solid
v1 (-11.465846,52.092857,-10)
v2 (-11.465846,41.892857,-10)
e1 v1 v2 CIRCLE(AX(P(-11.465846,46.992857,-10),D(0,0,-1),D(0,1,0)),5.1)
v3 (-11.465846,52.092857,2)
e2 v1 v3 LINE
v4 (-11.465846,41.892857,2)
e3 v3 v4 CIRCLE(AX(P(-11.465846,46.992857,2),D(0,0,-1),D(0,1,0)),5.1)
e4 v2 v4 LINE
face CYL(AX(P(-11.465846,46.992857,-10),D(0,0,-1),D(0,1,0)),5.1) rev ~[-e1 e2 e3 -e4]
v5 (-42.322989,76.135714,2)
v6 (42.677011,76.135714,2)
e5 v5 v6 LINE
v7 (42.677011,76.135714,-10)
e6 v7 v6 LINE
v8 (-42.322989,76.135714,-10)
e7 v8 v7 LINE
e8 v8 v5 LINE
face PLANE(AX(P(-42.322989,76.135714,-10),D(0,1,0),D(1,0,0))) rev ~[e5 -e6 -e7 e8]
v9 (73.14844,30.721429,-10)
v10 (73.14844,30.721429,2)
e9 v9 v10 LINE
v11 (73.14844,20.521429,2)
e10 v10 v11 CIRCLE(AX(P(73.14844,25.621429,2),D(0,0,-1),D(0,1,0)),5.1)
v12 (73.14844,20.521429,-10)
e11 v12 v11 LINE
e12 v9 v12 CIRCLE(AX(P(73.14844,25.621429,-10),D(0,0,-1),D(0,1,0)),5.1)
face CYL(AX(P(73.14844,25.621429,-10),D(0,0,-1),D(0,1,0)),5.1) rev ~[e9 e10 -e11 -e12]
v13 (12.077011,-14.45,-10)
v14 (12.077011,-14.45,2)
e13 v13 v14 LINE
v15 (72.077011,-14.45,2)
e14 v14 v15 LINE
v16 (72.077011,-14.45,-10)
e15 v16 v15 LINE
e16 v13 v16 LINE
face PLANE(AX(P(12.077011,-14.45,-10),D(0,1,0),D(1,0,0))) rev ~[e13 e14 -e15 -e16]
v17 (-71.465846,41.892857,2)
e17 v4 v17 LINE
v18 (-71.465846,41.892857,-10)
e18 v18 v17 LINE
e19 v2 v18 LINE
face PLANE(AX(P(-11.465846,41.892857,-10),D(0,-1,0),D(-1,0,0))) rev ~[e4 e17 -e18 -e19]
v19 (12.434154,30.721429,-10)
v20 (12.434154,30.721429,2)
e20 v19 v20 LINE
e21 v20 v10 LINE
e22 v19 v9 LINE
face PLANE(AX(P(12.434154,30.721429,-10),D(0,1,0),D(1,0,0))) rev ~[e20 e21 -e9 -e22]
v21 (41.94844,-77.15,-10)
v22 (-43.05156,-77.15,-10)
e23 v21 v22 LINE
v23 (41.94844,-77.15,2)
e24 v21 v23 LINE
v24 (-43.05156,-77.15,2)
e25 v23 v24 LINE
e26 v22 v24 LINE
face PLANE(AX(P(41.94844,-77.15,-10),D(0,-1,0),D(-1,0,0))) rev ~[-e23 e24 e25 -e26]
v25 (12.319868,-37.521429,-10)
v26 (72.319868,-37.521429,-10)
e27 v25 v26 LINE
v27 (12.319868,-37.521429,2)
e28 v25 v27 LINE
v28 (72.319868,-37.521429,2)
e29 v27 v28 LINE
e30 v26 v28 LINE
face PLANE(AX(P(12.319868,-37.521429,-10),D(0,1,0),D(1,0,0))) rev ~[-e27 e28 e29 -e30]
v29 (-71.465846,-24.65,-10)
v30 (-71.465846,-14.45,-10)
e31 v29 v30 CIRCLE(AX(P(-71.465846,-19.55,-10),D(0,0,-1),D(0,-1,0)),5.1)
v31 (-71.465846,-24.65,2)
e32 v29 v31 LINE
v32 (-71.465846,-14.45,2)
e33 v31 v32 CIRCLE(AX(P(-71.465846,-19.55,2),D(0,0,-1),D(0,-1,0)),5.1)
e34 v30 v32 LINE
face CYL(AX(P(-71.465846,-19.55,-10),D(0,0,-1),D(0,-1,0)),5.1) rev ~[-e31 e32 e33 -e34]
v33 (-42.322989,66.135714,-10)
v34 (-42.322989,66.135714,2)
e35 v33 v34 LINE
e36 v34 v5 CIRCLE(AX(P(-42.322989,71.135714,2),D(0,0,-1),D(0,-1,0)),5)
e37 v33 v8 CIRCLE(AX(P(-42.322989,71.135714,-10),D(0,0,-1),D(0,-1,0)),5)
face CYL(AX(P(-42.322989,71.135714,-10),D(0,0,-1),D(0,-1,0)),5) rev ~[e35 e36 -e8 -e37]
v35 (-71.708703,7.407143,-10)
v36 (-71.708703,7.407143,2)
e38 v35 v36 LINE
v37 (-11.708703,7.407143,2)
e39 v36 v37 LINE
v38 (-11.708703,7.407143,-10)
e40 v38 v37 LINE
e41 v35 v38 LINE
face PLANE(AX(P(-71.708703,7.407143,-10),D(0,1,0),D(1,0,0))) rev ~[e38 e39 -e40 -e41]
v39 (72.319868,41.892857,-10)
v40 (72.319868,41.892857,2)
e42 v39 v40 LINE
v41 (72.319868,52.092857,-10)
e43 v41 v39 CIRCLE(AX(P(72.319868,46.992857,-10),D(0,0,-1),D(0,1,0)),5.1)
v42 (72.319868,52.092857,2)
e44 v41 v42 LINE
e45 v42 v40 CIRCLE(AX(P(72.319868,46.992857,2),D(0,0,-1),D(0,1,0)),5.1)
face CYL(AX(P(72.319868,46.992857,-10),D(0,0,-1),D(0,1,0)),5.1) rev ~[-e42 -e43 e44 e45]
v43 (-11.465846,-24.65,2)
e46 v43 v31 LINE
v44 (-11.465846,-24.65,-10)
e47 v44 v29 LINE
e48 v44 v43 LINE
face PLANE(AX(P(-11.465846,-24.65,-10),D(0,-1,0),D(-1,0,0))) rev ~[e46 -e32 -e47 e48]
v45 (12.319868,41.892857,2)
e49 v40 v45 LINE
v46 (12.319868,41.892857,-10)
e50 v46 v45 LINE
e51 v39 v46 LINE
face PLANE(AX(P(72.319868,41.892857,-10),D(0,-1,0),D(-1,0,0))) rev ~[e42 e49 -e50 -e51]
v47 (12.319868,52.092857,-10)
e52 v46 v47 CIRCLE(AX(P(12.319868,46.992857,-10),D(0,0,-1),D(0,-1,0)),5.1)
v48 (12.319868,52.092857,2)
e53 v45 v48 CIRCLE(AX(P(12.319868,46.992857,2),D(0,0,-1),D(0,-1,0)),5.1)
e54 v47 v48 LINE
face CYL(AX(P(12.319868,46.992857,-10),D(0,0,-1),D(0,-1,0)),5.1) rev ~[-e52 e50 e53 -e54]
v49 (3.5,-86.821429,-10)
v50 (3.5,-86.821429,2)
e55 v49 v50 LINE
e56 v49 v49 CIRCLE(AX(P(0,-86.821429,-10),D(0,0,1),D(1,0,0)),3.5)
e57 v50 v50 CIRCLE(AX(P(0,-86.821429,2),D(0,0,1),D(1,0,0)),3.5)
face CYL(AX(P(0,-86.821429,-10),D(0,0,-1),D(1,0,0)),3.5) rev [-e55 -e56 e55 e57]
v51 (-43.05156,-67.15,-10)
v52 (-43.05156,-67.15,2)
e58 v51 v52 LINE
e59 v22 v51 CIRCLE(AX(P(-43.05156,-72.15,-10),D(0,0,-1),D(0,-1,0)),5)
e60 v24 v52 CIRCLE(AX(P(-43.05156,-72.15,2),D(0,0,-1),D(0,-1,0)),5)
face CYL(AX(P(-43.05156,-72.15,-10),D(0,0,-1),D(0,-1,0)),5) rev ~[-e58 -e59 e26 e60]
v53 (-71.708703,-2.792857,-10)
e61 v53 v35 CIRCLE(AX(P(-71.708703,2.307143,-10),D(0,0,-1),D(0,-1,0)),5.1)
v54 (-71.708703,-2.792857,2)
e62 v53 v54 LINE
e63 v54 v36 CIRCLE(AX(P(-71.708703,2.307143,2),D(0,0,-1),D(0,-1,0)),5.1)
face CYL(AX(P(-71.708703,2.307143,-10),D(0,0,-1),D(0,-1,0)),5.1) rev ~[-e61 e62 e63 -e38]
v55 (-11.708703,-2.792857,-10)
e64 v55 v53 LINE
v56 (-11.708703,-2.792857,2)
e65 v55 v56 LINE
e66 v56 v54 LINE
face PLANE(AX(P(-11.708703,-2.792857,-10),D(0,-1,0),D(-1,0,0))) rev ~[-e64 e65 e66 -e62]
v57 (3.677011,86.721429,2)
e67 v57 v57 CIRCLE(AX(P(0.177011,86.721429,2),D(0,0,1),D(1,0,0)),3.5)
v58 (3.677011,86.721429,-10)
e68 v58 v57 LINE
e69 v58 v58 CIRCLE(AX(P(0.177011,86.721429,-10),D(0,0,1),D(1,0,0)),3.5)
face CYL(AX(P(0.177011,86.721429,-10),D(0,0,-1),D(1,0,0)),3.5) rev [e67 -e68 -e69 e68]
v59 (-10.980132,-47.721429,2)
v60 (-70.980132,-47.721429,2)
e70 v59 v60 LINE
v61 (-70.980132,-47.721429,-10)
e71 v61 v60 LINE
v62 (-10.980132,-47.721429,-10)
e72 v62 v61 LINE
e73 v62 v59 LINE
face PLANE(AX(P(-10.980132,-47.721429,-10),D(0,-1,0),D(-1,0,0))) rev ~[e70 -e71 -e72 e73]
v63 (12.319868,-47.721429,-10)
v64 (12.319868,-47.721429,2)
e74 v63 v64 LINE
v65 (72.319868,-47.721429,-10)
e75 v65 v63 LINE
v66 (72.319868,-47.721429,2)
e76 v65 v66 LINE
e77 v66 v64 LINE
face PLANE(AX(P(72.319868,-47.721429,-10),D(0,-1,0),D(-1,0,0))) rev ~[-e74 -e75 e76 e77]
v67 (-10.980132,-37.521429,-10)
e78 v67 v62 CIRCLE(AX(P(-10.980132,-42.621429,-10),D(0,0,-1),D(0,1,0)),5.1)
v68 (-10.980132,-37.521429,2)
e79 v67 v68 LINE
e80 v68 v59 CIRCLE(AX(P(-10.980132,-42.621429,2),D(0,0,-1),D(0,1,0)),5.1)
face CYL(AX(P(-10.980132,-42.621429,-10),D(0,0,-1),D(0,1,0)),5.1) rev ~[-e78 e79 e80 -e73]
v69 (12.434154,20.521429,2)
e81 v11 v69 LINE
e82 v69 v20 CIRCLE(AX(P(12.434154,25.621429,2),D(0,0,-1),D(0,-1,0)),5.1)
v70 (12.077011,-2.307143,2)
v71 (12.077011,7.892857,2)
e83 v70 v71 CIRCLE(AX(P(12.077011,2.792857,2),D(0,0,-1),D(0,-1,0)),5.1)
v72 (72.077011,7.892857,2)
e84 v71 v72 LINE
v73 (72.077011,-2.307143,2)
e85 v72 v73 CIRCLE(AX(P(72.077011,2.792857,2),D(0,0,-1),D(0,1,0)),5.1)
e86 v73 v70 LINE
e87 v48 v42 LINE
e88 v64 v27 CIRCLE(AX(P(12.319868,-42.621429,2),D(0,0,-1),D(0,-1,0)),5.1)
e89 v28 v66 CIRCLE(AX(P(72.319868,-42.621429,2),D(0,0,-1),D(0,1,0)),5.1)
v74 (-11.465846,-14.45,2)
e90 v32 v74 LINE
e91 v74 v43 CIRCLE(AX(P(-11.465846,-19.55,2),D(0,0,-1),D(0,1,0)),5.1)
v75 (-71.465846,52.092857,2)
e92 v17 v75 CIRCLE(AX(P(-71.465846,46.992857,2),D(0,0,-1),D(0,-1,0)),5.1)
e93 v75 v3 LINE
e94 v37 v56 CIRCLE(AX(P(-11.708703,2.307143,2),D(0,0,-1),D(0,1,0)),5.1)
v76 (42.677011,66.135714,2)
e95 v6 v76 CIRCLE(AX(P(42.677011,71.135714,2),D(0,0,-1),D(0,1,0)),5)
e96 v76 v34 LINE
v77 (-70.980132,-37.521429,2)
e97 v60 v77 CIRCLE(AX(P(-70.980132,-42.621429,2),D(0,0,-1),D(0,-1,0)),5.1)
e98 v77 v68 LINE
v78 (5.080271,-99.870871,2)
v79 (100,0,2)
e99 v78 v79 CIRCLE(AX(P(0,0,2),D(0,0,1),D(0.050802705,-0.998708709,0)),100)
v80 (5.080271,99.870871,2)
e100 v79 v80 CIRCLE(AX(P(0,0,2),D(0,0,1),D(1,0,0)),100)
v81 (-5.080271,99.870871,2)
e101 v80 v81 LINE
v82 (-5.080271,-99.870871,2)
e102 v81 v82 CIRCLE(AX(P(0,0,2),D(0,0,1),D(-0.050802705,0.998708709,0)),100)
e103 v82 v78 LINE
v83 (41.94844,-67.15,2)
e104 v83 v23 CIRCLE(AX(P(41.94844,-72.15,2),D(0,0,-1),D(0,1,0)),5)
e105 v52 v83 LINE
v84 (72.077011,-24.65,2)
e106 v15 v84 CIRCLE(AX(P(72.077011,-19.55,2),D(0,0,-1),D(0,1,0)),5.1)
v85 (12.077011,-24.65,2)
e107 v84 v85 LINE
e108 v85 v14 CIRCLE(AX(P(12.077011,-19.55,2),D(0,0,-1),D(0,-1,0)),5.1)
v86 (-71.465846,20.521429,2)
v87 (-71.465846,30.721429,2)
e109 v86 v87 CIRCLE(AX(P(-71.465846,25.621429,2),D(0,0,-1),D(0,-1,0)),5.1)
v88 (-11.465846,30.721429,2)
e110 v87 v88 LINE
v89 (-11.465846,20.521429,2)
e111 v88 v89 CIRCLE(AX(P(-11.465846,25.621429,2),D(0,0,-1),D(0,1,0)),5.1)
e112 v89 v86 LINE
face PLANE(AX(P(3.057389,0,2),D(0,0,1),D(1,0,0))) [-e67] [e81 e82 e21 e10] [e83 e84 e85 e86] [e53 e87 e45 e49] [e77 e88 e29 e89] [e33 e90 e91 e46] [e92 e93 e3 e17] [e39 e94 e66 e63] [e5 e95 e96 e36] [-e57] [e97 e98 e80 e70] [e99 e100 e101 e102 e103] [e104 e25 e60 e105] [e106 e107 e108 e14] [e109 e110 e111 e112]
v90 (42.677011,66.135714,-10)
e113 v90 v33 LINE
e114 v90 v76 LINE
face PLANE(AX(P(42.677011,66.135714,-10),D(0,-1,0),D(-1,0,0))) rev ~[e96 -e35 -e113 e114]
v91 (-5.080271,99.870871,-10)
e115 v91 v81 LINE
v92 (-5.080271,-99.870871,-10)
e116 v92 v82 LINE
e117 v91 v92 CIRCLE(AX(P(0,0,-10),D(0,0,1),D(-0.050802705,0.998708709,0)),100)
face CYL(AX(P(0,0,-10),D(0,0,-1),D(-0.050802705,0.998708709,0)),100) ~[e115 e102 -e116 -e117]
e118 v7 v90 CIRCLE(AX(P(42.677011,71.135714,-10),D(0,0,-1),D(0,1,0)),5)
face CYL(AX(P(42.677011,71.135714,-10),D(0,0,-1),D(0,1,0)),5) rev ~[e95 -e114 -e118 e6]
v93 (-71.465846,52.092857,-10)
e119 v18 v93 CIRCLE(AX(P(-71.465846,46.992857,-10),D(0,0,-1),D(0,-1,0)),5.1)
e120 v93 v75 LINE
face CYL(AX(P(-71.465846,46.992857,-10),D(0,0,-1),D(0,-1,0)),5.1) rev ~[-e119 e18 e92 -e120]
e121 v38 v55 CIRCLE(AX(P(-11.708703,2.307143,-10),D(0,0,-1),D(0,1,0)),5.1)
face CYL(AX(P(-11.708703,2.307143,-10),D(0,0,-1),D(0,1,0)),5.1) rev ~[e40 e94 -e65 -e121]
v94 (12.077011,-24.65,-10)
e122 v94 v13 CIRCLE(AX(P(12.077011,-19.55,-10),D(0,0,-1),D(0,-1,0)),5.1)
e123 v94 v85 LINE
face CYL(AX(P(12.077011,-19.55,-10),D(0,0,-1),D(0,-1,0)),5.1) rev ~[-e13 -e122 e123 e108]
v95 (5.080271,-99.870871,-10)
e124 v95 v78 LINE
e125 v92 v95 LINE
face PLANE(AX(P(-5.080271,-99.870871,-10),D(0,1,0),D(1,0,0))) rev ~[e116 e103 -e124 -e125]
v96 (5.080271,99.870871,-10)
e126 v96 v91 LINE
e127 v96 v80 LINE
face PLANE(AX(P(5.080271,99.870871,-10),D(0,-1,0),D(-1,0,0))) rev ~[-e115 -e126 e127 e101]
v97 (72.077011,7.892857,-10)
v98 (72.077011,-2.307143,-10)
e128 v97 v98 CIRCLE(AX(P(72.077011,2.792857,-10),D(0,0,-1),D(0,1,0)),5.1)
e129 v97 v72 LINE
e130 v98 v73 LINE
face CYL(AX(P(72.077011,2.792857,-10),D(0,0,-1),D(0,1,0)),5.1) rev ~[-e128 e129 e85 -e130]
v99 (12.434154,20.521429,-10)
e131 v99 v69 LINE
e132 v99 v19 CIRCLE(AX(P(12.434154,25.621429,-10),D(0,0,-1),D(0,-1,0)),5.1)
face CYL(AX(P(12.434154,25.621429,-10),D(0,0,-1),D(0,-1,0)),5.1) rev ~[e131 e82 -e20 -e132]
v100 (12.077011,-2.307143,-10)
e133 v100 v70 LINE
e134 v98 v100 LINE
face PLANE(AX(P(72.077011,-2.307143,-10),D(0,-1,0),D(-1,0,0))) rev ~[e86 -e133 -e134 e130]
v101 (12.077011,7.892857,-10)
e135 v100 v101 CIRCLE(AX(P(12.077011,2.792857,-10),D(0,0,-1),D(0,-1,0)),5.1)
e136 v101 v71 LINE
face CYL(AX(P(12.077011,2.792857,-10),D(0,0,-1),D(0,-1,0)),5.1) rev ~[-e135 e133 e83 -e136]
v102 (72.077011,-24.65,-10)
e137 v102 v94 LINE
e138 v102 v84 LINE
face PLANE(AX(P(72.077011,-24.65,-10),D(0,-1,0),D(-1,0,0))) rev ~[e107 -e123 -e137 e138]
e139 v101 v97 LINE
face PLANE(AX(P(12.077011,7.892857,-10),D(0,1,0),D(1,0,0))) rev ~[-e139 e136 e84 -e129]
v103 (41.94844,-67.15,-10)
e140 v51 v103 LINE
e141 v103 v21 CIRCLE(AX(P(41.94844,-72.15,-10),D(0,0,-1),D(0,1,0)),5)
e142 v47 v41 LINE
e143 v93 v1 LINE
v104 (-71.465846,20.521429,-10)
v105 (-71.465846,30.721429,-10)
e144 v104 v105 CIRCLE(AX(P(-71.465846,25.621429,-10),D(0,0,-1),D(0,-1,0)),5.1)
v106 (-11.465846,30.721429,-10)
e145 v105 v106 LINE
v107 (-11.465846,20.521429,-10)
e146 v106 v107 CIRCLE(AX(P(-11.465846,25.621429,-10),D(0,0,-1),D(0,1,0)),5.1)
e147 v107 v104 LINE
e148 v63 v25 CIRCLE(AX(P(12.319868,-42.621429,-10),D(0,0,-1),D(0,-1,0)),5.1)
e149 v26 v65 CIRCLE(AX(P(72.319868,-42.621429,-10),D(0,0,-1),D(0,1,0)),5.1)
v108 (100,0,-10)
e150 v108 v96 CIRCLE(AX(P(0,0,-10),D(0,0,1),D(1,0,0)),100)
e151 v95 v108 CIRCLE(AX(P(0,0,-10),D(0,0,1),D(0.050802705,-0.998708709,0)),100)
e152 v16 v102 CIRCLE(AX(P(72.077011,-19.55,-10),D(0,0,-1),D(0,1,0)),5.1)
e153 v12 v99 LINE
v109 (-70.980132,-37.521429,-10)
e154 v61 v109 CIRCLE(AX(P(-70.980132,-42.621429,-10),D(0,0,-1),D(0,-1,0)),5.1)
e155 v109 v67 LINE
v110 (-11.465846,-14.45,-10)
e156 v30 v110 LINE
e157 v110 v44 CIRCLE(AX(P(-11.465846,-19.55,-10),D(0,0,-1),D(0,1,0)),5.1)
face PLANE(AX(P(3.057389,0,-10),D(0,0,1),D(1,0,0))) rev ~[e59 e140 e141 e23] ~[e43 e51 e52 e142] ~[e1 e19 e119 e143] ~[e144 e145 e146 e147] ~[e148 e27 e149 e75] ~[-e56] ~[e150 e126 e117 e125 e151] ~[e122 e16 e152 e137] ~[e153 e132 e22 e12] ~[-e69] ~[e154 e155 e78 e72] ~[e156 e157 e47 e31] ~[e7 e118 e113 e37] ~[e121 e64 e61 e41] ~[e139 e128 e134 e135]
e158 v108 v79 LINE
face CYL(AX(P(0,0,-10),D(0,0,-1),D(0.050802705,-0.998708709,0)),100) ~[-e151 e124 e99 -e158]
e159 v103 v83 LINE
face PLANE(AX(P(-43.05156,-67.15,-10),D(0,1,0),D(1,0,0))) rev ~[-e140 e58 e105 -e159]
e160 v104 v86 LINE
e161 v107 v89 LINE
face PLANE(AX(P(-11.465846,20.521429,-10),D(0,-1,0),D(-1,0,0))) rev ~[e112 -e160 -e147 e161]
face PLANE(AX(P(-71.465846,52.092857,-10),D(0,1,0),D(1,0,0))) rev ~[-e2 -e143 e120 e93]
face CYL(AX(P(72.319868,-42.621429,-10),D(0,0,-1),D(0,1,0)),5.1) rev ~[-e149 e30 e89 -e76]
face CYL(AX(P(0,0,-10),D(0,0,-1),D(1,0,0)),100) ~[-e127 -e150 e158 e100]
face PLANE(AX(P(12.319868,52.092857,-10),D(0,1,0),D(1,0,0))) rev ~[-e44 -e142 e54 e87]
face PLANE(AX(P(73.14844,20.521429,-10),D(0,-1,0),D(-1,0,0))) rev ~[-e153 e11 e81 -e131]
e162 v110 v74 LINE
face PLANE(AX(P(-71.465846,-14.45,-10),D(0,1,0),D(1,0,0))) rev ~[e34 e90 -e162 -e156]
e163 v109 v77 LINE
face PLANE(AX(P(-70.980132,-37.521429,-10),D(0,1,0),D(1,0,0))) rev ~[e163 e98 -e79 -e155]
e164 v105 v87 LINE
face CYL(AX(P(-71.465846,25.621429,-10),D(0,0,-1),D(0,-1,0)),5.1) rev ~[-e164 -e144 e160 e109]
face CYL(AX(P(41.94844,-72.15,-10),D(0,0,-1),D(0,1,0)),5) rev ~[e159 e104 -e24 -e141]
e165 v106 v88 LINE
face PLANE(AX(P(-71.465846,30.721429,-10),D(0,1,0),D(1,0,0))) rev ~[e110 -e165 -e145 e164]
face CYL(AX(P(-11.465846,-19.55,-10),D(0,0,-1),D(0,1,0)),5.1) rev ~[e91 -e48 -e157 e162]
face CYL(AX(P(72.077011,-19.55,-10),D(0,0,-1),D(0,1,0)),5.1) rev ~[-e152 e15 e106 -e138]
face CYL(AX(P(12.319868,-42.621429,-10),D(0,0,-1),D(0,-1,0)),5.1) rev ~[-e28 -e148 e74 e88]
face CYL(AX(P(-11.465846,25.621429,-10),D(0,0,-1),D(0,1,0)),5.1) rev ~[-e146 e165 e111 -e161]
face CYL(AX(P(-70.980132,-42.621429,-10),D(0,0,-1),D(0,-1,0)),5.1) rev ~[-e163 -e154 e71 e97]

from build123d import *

# Parameters (mm, degrees)
SALIENTE_EXTRUIR1_DEPTH      = 2
SALIENTE_EXTRUIR1_DEPTH_BACK = 10
CROQUIS1_R                   = 3.5


with BuildPart() as part:
    # Croquis1 → Saliente-Extruir1 (new, two sides: drawn at the far end of the back side and taken through both)
    with BuildSketch(Plane.XY.offset(-SALIENTE_EXTRUIR1_DEPTH_BACK)):
        with BuildLine():
            ThreePointArc((-5.08027052, 99.870870886), (-100, 0), (-5.08027052, -99.870870886))
            Line((-5.08027052, -99.870870886), (5.08027052, -99.870870886))
            ThreePointArc((5.08027052, -99.870870886), (72.4845744, -68.891120429), (100, 0))
            ThreePointArc((100, 0), (72.4845744, 68.891120429), (5.08027052, 99.870870886))
            Line((5.08027052, 99.870870886), (-5.08027052, 99.870870886))
        make_face()
        with BuildLine():
            ThreePointArc((-43.051560295, -77.15), (-48.051560295, -72.15), (-43.051560295, -67.15))
            Line((-43.051560295, -67.15), (41.948439705, -67.15))
            ThreePointArc((41.948439705, -67.15), (46.948439705, -72.15), (41.948439705, -77.15))
            Line((41.948439705, -77.15), (-43.051560295, -77.15))
        make_face(mode=Mode.SUBTRACT)
        with BuildLine():
            ThreePointArc((-70.980131723, -47.721428571), (-76.080131723, -42.621428571), (-70.980131723, -37.521428571))
            Line((-70.980131723, -37.521428571), (-10.980131723, -37.521428571))
            ThreePointArc((-10.980131723, -37.521428571), (-5.880131723, -42.621428571), (-10.980131723, -47.721428571))
            Line((-10.980131723, -47.721428571), (-70.980131723, -47.721428571))
        make_face(mode=Mode.SUBTRACT)
        with BuildLine():
            ThreePointArc((-71.465846009, -24.65), (-76.565846009, -19.55), (-71.465846009, -14.45))
            Line((-71.465846009, -14.45), (-11.465846009, -14.45))
            ThreePointArc((-11.465846009, -14.45), (-6.365846009, -19.55), (-11.465846009, -24.65))
            Line((-11.465846009, -24.65), (-71.465846009, -24.65))
        make_face(mode=Mode.SUBTRACT)
        with Locations((0, -86.821428571)):
            Circle(CROQUIS1_R, mode=Mode.SUBTRACT)
        with BuildLine():
            ThreePointArc((12.319868277, -47.721428571), (7.219868277, -42.621428571), (12.319868277, -37.521428571))
            Line((12.319868277, -37.521428571), (72.319868277, -37.521428571))
            ThreePointArc((72.319868277, -37.521428571), (77.419868277, -42.621428571), (72.319868277, -47.721428571))
            Line((72.319868277, -47.721428571), (12.319868277, -47.721428571))
        make_face(mode=Mode.SUBTRACT)
        with BuildLine():
            ThreePointArc((12.077011134, -24.65), (6.977011134, -19.55), (12.077011134, -14.45))
            Line((12.077011134, -14.45), (72.077011134, -14.45))
            ThreePointArc((72.077011134, -14.45), (77.177011134, -19.55), (72.077011134, -24.65))
            Line((72.077011134, -24.65), (12.077011134, -24.65))
        make_face(mode=Mode.SUBTRACT)
        with BuildLine():
            ThreePointArc((-71.708703152, -2.792857143), (-76.808703152, 2.307142857), (-71.708703152, 7.407142857))
            Line((-71.708703152, 7.407142857), (-11.708703152, 7.407142857))
            ThreePointArc((-11.708703152, 7.407142857), (-6.608703152, 2.307142857), (-11.708703152, -2.792857143))
            Line((-11.708703152, -2.792857143), (-71.708703152, -2.792857143))
        make_face(mode=Mode.SUBTRACT)
        with BuildLine():
            ThreePointArc((-71.465846009, 20.521428571), (-76.565846009, 25.621428571), (-71.465846009, 30.721428571))
            Line((-71.465846009, 30.721428571), (-11.465846009, 30.721428571))
            ThreePointArc((-11.465846009, 30.721428571), (-6.365846009, 25.621428571), (-11.465846009, 20.521428571))
            Line((-11.465846009, 20.521428571), (-71.465846009, 20.521428571))
        make_face(mode=Mode.SUBTRACT)
        with BuildLine():
            ThreePointArc((-71.465846009, 41.892857143), (-76.565846009, 46.992857143), (-71.465846009, 52.092857143))
            Line((-71.465846009, 52.092857143), (-11.465846009, 52.092857143))
            ThreePointArc((-11.465846009, 52.092857143), (-6.365846009, 46.992857143), (-11.465846009, 41.892857143))
            Line((-11.465846009, 41.892857143), (-71.465846009, 41.892857143))
        make_face(mode=Mode.SUBTRACT)
        with BuildLine():
            ThreePointArc((12.077011134, -2.307142857), (6.977011134, 2.792857143), (12.077011134, 7.892857143))
            Line((12.077011134, 7.892857143), (72.077011134, 7.892857143))
            ThreePointArc((72.077011134, 7.892857143), (77.177011134, 2.792857143), (72.077011134, -2.307142857))
            Line((72.077011134, -2.307142857), (12.077011134, -2.307142857))
        make_face(mode=Mode.SUBTRACT)
        with BuildLine():
            ThreePointArc((12.434153991, 20.521428571), (7.334153991, 25.621428571), (12.434153991, 30.721428571))
            Line((12.434153991, 30.721428571), (73.148439705, 30.721428571))
            ThreePointArc((73.148439705, 30.721428571), (78.248439705, 25.621428571), (73.148439705, 20.521428571))
            Line((73.148439705, 20.521428571), (12.434153991, 20.521428571))
        make_face(mode=Mode.SUBTRACT)
        with BuildLine():
            ThreePointArc((12.319868277, 41.892857143), (7.219868277, 46.992857143), (12.319868277, 52.092857143))
            Line((12.319868277, 52.092857143), (72.319868277, 52.092857143))
            ThreePointArc((72.319868277, 52.092857143), (77.419868277, 46.992857143), (72.319868277, 41.892857143))
            Line((72.319868277, 41.892857143), (12.319868277, 41.892857143))
        make_face(mode=Mode.SUBTRACT)
        with BuildLine():
            ThreePointArc((-42.322988866, 66.135714286), (-47.322988866, 71.135714286), (-42.322988866, 76.135714286))
            Line((-42.322988866, 76.135714286), (42.677011134, 76.135714286))
            ThreePointArc((42.677011134, 76.135714286), (47.677011134, 71.135714286), (42.677011134, 66.135714286))
            Line((42.677011134, 66.135714286), (-42.322988866, 66.135714286))
        make_face(mode=Mode.SUBTRACT)
        with Locations((0.177011134, 86.721428571)):
            Circle(CROQUIS1_R, mode=Mode.SUBTRACT)
    extrude(amount=SALIENTE_EXTRUIR1_DEPTH + SALIENTE_EXTRUIR1_DEPTH_BACK)


solid = part.part
